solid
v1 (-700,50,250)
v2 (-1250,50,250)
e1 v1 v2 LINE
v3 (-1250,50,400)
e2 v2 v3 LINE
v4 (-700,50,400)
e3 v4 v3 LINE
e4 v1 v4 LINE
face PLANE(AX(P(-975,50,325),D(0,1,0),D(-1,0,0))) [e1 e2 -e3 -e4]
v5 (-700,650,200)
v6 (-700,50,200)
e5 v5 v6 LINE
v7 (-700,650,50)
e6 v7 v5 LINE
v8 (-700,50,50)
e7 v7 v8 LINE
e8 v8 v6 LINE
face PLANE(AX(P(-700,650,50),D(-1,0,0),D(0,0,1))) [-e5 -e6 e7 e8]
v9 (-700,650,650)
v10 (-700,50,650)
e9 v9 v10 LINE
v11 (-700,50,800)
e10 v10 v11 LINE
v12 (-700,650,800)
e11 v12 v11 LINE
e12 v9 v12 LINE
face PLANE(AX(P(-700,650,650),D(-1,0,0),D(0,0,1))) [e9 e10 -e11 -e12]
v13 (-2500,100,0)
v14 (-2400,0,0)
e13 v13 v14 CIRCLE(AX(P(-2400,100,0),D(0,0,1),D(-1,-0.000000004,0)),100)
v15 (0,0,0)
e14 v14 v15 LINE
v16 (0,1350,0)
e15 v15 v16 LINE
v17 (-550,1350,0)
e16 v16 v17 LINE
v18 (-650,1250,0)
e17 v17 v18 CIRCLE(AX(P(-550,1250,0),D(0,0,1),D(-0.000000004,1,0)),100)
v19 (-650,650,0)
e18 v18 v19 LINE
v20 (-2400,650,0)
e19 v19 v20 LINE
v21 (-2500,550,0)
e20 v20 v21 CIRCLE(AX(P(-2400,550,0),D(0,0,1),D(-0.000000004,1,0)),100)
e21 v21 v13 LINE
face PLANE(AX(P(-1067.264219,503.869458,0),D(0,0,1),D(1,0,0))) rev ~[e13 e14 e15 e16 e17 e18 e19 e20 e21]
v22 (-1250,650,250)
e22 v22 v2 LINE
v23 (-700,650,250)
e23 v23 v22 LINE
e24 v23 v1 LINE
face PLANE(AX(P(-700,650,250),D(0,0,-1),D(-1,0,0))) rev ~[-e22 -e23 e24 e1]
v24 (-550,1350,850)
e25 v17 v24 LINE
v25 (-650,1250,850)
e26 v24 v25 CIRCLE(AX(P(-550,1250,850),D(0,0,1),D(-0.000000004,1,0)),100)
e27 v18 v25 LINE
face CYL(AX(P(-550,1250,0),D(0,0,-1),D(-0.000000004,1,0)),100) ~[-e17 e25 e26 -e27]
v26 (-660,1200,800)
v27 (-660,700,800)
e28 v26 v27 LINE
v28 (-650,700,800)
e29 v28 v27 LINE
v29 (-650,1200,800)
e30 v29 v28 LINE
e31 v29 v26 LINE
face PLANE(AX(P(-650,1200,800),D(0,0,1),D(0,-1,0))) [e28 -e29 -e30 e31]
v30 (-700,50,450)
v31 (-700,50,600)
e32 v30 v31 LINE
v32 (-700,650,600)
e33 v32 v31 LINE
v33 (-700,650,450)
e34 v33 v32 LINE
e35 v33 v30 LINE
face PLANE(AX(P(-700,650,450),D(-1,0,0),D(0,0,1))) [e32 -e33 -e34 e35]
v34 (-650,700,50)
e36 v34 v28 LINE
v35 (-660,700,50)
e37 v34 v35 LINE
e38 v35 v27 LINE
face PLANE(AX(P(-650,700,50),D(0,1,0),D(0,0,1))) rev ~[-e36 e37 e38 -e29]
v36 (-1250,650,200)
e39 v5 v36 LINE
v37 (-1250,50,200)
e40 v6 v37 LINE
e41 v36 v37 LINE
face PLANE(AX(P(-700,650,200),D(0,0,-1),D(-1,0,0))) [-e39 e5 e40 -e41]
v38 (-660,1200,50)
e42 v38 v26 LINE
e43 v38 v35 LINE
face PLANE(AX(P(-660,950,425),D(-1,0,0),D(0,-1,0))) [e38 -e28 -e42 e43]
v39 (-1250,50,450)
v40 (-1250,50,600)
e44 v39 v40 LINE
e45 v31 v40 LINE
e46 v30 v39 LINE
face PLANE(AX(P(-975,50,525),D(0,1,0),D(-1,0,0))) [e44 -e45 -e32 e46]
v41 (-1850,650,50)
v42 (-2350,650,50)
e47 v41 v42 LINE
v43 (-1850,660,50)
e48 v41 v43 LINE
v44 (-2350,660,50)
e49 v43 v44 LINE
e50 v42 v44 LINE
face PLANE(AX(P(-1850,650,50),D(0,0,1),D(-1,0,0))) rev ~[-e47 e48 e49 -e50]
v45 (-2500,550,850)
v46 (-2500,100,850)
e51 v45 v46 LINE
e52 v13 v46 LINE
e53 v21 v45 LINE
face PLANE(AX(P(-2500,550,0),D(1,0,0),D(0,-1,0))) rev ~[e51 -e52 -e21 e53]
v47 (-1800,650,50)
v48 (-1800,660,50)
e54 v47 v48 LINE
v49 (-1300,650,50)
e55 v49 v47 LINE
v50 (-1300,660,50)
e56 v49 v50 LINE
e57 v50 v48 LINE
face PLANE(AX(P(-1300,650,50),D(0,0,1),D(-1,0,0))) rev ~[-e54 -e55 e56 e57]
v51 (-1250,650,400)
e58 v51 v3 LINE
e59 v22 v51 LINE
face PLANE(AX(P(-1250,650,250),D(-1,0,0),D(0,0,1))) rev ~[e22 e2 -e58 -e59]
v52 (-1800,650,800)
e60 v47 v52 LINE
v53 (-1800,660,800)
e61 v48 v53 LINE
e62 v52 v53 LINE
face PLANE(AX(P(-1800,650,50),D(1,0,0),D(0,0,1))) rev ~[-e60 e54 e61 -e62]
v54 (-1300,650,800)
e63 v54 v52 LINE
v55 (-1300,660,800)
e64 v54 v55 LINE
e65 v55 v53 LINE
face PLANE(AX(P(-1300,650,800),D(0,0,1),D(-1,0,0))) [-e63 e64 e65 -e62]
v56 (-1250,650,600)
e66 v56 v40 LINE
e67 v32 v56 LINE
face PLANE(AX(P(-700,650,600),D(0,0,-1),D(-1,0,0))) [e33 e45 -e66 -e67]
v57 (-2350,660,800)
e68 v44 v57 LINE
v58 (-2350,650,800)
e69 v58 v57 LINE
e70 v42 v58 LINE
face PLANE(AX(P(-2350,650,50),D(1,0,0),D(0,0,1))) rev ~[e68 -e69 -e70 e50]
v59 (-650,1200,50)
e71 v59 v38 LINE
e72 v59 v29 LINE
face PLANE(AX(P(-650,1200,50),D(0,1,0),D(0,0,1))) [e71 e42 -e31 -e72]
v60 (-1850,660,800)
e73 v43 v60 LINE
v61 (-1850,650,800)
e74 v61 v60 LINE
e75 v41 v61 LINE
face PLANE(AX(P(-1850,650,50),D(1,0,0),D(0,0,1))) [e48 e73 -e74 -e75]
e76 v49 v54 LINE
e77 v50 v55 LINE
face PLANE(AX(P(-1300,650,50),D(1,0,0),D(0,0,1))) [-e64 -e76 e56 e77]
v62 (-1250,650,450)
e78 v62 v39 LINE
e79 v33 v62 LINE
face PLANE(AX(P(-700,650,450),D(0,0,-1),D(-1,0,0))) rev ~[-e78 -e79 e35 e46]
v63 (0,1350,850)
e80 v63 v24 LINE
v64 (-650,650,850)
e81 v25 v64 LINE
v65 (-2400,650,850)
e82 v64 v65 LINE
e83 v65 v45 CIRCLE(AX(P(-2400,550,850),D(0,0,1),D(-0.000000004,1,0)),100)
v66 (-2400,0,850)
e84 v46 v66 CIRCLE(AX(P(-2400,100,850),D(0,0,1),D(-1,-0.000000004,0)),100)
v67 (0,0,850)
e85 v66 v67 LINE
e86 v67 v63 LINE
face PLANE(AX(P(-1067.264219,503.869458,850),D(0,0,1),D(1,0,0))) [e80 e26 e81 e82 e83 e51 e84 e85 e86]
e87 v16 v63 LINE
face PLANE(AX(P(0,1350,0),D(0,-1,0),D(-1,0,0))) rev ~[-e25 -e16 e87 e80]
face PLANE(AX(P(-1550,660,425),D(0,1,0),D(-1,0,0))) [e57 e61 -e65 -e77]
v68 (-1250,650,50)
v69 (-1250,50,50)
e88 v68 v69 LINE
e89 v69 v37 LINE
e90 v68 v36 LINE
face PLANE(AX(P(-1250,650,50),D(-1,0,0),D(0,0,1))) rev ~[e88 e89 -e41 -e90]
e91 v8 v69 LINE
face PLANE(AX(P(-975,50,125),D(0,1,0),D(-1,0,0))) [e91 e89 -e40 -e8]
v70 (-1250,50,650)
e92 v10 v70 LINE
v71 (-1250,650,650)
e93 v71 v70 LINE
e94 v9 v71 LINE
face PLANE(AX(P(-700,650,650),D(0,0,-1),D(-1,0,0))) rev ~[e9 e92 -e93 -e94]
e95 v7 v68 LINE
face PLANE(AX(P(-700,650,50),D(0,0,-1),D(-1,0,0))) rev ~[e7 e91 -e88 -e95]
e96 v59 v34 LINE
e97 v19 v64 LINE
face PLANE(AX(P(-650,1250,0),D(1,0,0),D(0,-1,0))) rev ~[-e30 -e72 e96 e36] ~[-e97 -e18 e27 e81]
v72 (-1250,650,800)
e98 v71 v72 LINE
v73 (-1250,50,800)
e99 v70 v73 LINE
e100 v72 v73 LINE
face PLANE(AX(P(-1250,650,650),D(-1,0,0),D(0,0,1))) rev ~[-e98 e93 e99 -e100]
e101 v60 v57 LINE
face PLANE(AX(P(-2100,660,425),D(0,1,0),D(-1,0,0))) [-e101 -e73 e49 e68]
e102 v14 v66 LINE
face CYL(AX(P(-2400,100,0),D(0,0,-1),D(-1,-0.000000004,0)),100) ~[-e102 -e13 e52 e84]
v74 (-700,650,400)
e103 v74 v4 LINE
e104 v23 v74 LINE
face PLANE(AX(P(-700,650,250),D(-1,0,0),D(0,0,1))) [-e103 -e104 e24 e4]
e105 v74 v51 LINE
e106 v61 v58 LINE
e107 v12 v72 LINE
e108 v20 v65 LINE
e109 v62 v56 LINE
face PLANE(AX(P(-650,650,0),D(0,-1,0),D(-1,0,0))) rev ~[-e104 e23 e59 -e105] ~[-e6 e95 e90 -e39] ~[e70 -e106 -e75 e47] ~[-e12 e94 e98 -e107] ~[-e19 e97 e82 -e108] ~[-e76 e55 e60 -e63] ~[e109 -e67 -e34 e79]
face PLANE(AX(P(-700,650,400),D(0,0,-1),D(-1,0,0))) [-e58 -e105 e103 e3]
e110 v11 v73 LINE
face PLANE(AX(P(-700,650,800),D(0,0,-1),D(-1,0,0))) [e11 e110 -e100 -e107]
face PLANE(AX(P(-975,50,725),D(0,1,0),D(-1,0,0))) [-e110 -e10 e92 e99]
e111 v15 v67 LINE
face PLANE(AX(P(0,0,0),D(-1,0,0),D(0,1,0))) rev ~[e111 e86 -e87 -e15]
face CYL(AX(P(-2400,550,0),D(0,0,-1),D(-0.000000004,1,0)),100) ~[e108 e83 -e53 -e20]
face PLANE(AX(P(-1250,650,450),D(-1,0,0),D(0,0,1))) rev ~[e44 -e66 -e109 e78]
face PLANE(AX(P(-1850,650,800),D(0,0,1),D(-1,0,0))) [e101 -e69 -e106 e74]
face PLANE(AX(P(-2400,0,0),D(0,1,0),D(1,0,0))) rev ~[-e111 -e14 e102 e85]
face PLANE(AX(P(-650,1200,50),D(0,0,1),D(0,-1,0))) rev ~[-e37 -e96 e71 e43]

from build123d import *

# Parameters (mm, degrees)
F1_DEPTH = 850
F2_W     = 550
F2_H     = 150
F4_DEPTH = 600
F2_W_2   = 500
F2_H_2   = 750
F5_DEPTH = 10
F3_W     = 500
F3_H     = 750
F8_DEPTH = 10


with BuildPart() as f1:
    # F0 (on Top) → F1 (new body)
    with BuildSketch(Plane.XY):
        with BuildLine():
            Line((-2400, 0), (0, 0))
            Line((0, 0), (0, 1350))
            Line((0, 1350), (-550, 1350))
            ThreePointArc((-550, 1350), (-620.710678, 1320.710678), (-650, 1250))
            Line((-650, 1250), (-650, 650))
            Line((-650, 650), (-2400, 650))
            ThreePointArc((-2400, 650), (-2470.710678, 620.710678), (-2500, 550))
            Line((-2500, 550), (-2500, 100))
            ThreePointArc((-2500, 100), (-2470.710678, 29.289322), (-2400, 0))
        make_face()
    extrude(amount=F1_DEPTH)

    # F2 (on face) → F4 (cut)
    with BuildSketch(Plane(origin=(0, 650, 0), x_dir=(-1, 0, 0), z_dir=(0, 1, 0))):
        with Locations((975, 725)):
            Rectangle(F2_W, F2_H)
        with Locations((975, 525)):
            Rectangle(F2_W, F2_H)
        with Locations((975, 325)):
            Rectangle(F2_W, F2_H)
        with Locations((975, 125)):
            Rectangle(F2_W, F2_H)
    extrude(amount=-F4_DEPTH, mode=Mode.SUBTRACT)

    # F2 (on face) → F5 (join)
    with BuildSketch(Plane(origin=(0, 650, 0), x_dir=(-1, 0, 0), z_dir=(0, 1, 0))):
        with Locations((1550, 425)):
            Rectangle(F2_W_2, F2_H_2)
        with Locations((2100, 425)):
            Rectangle(F2_W_2, F2_H_2)
    extrude(amount=F5_DEPTH)

    # F3 (on face) → F8 (join)
    with BuildSketch(Plane(origin=(-650, 0, 0), x_dir=(0, -1, 0), z_dir=(-1, 0, 0))):
        with Locations((-950, 425)):
            Rectangle(F3_W, F3_H)
    extrude(amount=F8_DEPTH)


solid = f1.part
